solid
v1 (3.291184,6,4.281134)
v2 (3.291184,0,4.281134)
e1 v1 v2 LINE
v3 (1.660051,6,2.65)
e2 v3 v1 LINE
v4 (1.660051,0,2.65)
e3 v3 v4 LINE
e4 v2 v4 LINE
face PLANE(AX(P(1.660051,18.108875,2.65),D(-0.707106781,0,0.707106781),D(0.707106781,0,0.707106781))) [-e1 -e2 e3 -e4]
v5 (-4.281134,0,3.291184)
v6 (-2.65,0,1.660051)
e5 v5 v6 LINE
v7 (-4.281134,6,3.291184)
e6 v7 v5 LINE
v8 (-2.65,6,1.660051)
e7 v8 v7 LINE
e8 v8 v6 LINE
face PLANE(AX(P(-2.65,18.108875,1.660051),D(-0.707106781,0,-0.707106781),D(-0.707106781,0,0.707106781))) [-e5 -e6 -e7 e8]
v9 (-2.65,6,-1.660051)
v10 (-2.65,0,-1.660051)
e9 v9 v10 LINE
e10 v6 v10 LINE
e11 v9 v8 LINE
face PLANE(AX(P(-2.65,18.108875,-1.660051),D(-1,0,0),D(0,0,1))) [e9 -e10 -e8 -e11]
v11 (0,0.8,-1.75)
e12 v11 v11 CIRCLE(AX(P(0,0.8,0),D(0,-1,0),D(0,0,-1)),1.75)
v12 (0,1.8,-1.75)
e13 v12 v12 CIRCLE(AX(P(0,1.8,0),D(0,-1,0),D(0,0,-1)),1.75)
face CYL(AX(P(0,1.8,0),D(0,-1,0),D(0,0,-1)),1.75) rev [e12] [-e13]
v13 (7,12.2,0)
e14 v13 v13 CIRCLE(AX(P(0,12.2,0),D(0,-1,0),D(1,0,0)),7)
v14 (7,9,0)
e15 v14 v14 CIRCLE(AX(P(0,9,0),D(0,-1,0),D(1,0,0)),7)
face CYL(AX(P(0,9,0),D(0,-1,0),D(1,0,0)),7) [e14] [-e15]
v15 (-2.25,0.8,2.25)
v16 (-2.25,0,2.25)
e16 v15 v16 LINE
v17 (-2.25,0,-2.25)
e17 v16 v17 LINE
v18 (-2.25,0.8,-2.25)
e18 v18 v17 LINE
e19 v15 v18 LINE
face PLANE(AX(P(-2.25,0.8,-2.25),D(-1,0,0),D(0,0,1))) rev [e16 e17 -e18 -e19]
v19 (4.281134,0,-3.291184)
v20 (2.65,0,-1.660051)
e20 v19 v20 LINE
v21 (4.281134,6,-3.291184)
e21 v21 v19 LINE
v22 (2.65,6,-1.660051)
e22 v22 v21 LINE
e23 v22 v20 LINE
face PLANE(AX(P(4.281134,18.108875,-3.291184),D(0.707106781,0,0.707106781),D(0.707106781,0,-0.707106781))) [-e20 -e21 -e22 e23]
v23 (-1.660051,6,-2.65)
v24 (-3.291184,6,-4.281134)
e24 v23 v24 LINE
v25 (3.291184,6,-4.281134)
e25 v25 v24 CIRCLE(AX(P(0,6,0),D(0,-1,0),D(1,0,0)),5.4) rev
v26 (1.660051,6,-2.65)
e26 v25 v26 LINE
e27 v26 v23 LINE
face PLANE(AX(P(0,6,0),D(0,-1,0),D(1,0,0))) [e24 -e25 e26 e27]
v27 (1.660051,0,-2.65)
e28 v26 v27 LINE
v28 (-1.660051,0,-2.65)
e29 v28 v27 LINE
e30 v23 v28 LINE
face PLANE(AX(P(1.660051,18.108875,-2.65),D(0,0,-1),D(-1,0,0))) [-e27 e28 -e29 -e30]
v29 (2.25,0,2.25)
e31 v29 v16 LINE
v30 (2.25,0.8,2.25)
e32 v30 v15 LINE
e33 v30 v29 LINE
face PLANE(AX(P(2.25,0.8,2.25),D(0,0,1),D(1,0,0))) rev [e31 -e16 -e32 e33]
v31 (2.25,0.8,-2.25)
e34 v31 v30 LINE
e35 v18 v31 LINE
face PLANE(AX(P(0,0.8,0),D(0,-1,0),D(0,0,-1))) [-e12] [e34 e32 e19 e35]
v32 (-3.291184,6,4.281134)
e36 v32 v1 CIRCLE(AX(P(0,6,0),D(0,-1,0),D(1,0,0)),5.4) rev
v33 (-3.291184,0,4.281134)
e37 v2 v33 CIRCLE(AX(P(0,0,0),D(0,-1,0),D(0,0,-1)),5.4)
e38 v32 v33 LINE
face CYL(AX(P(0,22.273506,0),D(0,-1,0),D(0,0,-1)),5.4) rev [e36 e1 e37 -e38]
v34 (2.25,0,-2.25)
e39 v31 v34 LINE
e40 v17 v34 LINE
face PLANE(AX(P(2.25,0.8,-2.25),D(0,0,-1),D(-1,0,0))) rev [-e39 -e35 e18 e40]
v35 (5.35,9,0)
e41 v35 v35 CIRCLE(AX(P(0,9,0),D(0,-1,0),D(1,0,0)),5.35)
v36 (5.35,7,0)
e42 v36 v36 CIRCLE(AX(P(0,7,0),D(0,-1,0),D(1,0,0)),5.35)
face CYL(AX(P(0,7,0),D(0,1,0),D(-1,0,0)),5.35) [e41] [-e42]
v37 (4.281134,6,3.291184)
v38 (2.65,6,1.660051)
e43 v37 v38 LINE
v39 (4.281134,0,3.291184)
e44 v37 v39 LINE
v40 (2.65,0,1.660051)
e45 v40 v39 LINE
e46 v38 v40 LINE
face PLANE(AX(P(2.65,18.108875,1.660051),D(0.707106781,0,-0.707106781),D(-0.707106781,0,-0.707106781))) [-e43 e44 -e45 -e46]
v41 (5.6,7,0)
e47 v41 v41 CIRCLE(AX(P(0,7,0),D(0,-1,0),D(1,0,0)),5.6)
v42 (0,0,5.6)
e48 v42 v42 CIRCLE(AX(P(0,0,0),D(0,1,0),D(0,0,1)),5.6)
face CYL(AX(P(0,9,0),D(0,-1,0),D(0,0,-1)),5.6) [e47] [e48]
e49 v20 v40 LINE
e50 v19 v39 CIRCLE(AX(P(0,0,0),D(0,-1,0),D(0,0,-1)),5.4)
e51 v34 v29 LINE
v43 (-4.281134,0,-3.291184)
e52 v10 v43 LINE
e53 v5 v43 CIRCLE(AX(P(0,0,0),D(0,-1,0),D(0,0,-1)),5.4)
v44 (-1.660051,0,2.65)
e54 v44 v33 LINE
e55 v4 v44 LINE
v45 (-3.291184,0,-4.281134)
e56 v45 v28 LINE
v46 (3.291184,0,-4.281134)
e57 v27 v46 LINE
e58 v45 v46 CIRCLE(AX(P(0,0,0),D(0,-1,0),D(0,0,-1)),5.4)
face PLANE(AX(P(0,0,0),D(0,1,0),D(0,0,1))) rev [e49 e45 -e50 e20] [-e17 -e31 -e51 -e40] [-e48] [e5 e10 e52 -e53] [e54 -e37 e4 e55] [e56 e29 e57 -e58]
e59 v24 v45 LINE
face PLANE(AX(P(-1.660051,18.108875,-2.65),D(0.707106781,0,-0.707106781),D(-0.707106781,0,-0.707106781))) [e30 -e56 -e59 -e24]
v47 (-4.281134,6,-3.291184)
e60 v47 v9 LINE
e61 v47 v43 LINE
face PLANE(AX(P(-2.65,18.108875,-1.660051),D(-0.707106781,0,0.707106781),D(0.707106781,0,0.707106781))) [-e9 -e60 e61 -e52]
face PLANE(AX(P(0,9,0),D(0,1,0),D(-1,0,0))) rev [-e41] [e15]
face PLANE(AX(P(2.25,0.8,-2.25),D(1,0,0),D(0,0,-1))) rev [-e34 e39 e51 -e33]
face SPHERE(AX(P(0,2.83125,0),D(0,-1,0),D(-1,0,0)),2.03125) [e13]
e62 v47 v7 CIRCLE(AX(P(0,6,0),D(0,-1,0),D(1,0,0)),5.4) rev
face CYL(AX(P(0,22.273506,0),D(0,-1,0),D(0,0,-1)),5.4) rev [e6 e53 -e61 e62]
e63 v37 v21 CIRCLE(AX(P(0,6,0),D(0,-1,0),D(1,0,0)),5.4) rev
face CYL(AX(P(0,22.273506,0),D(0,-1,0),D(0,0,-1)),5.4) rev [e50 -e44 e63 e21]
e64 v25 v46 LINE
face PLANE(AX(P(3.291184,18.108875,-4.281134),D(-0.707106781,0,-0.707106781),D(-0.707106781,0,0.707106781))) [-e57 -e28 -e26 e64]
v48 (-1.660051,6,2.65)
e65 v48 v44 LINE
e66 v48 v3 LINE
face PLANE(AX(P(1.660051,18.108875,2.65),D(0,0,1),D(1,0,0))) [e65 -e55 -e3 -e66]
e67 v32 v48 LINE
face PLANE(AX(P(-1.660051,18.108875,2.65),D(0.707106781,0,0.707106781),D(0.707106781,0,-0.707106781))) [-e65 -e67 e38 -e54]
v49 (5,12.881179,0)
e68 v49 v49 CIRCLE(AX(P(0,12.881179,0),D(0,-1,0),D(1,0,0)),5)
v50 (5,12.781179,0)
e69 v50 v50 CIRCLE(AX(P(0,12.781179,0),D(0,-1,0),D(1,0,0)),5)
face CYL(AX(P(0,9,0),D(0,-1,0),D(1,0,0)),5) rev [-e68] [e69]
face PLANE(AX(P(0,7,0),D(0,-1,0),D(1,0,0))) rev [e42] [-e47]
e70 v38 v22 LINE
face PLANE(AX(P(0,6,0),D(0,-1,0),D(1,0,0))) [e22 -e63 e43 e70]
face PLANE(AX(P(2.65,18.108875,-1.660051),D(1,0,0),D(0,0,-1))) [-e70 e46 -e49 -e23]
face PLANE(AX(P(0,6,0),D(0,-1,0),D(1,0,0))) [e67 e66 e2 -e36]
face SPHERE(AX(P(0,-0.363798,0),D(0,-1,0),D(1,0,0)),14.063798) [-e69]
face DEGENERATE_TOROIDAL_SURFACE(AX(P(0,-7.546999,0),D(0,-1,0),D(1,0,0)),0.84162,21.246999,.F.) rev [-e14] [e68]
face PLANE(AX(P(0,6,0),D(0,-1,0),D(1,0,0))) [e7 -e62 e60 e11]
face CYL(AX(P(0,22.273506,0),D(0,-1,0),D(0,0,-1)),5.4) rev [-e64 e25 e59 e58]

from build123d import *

# Parameters (mm, degrees)
SKETCH1_R           = 5.6
BOSS_EXTRUDE1_DEPTH = 9
SKETCH4_R           = 5.6
SKETCH4_R_2         = 5.35
CUT_EXTRUDE1_DEPTH  = 2
SKETCH5_R           = 5.4
CUT_EXTRUDE3_DEPTH  = 6
BOSS_EXTRUDE2_DEPTH = 6
SKETCH7_W           = 4.5
SKETCH7_H           = 4.5
CUT_EXTRUDE4_DEPTH  = 0.8
SKETCH8_R           = 1.75
CUT_EXTRUDE5_DEPTH  = 1


with BuildPart() as part:
    # Sketch1 → Boss-Extrude1 (new body)
    with BuildSketch(Plane(origin=(0, 0, 0), x_dir=(1, 0, 0), z_dir=(0, 1, 0))):
        Circle(SKETCH1_R)
    extrude(amount=BOSS_EXTRUDE1_DEPTH)

    # Sketch2 → Revolve1 (revolve)
    with BuildSketch(Plane.XY):
        with BuildLine():
            Line((0, 9), (0, 13.7))
            ThreePointArc((0, 13.7), (-2.541861151, 13.468387517), (-5, 12.78117878))
            Line((-5, 12.78117878), (-5, 12.88117878))
            ThreePointArc((-5, 12.88117878), (-6.008472362, 12.565464979), (-7, 12.2))
            Line((-7, 12.2), (-7, 9))
            Line((-7, 9), (0, 9))
        make_face()
    revolve(axis=Axis((0, 9, 0), (0, 1, 0)))

    # Sketch4 → Cut-Extrude1 (cut)
    with BuildSketch(Plane.XZ.offset(-9)):
        Circle(SKETCH4_R)
        Circle(SKETCH4_R_2, mode=Mode.SUBTRACT)
    extrude(amount=CUT_EXTRUDE1_DEPTH, mode=Mode.SUBTRACT)

    # Sketch5 → Cut-Extrude3 (cut)
    with BuildSketch(Plane.XZ):
        Circle(SKETCH5_R)
    extrude(amount=-CUT_EXTRUDE3_DEPTH, mode=Mode.SUBTRACT)

    # Sketch6 → Boss-Extrude2 (add)
    with BuildSketch(Plane.XZ):
        with BuildLine():
            Line((3.291184257, -4.28113375), (1.660050506, -2.65))
            Line((1.660050506, -2.65), (-1.660050506, -2.65))
            Line((-1.660050506, -2.65), (-3.291184257, -4.28113375))
            ThreePointArc((-3.291184257, -4.28113375), (-3.818376618, -3.818376618), (-4.28113375, -3.291184257))
            Line((-4.28113375, -3.291184257), (-2.65, -1.660050506))
            Line((-2.65, -1.660050506), (-2.65, 1.660050506))
            Line((-2.65, 1.660050506), (-4.28113375, 3.291184257))
            ThreePointArc((-4.28113375, 3.291184257), (-3.818376618, 3.818376618), (-3.291184257, 4.28113375))
            Line((-3.291184257, 4.28113375), (-1.660050506, 2.65))
            Line((-1.660050506, 2.65), (1.660050506, 2.65))
            Line((1.660050506, 2.65), (3.291184257, 4.28113375))
            ThreePointArc((3.291184257, 4.28113375), (3.818376618, 3.818376618), (4.28113375, 3.291184257))
            Line((4.28113375, 3.291184257), (2.65, 1.660050506))
            Line((2.65, 1.660050506), (2.65, -1.660050506))
            Line((2.65, -1.660050506), (4.28113375, -3.291184257))
            ThreePointArc((4.28113375, -3.291184257), (3.818376618, -3.818376618), (3.291184257, -4.28113375))
        make_face()
    extrude(amount=-BOSS_EXTRUDE2_DEPTH)

    # Sketch7 → Cut-Extrude4 (cut)
    with BuildSketch(Plane.XZ):
        Rectangle(SKETCH7_W, SKETCH7_H)
    extrude(amount=-CUT_EXTRUDE4_DEPTH, mode=Mode.SUBTRACT)

    # Sketch8 → Cut-Extrude5 (cut)
    with BuildSketch(Plane.XZ.offset(-0.8)):
        Circle(SKETCH8_R)
    extrude(amount=-CUT_EXTRUDE5_DEPTH, mode=Mode.SUBTRACT)

    # Sketch9 → Revolve2 (revolve)
    with BuildSketch(Plane.XY):
        with BuildLine():
            Line((0, 0.8), (0, 1.8))
            Line((0, 1.8), (-1.75, 1.8))
            ThreePointArc((-1.75, 1.8), (-1.007782219, 1.067631118), (0, 0.8))
        make_face()
    revolve(axis=Axis((0, 0.8, 0), (0, 1, 0)))


solid = part.part
